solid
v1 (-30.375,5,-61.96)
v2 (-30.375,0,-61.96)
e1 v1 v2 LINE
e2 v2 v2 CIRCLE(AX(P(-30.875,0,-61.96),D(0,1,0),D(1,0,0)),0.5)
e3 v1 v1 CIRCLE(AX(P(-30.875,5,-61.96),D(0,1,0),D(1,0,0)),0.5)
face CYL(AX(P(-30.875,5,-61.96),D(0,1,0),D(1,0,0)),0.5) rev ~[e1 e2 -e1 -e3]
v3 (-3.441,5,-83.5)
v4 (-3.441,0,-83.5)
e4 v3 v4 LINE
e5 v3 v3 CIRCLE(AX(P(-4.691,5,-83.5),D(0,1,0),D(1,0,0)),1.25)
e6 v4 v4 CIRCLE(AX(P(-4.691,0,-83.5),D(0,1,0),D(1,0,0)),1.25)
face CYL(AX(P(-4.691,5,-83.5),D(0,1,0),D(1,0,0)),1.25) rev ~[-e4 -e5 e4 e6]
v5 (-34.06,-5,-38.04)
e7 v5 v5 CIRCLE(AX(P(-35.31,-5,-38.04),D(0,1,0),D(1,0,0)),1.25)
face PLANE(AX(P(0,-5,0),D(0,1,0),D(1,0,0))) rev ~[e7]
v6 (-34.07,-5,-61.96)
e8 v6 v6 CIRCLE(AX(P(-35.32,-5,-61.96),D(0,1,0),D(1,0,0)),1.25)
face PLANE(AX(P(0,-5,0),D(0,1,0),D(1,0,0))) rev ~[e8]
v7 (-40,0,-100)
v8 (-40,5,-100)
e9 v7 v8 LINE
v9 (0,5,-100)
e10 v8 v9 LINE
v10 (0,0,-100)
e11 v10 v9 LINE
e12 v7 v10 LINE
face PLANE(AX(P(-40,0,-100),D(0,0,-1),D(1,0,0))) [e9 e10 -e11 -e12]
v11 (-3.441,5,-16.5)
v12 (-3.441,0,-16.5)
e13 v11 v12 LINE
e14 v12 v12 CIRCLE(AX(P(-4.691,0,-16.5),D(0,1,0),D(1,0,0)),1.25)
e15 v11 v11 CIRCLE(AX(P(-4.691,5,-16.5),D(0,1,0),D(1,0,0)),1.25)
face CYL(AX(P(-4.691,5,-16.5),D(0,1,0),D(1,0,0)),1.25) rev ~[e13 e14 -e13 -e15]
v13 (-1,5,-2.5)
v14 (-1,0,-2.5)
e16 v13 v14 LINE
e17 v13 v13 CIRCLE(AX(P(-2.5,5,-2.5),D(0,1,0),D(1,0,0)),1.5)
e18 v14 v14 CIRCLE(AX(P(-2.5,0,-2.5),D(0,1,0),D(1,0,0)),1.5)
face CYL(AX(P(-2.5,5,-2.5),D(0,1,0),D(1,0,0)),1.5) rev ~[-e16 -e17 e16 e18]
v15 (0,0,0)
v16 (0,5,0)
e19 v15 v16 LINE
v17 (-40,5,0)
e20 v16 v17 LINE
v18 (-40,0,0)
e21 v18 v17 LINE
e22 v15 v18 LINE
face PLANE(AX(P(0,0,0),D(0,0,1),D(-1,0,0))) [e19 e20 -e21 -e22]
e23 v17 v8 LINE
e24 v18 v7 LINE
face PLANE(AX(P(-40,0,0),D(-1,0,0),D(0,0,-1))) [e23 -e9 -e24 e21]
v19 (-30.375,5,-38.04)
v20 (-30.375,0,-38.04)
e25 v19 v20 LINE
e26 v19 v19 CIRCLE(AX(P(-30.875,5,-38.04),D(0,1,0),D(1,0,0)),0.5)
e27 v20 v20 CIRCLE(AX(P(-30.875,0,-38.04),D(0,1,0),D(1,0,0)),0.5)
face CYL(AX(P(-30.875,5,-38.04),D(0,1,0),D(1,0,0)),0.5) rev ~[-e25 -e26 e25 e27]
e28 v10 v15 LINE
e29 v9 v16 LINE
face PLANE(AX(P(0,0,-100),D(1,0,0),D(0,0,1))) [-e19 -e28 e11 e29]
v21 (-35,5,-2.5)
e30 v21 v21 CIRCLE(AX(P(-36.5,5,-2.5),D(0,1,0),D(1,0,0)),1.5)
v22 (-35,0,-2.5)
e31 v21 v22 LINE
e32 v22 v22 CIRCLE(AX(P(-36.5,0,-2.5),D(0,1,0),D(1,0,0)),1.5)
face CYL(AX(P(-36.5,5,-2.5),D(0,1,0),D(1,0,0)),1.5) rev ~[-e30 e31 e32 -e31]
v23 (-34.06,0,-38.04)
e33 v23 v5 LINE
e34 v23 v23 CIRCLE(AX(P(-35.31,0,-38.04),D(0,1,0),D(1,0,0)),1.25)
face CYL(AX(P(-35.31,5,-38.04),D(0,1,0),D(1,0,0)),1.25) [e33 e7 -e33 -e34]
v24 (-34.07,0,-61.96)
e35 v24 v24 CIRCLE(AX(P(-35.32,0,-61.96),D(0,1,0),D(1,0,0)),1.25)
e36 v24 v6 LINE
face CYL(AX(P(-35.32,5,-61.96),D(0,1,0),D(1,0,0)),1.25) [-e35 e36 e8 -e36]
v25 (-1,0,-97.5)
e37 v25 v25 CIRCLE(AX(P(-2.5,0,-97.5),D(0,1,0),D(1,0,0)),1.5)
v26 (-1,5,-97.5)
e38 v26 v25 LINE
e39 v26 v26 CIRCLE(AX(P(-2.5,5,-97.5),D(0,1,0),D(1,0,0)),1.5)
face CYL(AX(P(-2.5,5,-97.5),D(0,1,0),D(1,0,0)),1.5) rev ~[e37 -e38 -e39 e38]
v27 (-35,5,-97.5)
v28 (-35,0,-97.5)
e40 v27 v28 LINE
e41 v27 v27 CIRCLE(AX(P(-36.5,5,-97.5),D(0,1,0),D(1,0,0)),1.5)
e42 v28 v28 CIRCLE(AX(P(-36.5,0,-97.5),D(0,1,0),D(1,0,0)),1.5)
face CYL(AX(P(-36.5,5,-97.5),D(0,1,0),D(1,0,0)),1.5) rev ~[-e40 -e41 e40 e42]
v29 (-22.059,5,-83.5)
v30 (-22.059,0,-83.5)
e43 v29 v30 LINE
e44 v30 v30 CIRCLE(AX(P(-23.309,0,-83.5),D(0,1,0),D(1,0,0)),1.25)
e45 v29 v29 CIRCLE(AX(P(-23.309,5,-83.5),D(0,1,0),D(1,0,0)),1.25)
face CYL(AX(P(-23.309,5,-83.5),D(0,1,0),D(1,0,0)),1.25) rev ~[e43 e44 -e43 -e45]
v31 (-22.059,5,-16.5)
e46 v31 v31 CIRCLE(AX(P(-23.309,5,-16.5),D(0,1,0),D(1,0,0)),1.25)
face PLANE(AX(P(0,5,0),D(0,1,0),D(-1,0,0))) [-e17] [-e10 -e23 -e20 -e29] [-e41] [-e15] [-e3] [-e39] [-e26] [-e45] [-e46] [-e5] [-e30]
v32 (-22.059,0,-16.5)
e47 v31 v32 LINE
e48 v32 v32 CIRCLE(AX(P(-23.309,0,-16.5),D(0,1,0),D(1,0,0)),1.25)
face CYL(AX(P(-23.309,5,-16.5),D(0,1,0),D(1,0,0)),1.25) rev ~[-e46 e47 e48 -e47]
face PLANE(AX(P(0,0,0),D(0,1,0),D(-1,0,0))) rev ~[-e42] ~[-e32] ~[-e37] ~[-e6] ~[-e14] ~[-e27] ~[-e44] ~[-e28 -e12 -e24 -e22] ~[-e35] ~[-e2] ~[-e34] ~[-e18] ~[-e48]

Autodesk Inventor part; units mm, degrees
ref_plane "YZ Plane" through (0, 0, 0) normal (1, 0, 0) x (0, 1, 0)
ref_plane "XZ Plane" through (0, 0, 0) normal (0, 1, 0) x (-1, 0, 0)
ref_plane "XY Plane" through (0, 0, 0) normal (0, 0, 1) x (1, 0, 0)
sketch "Boceto1" plane through (0, 0, 0) normal (0, 1, 0) x (-1, 0, 0)
  line L0 (0, 0) -> (40, 0)
  line L1 (40, 0) -> (40, -100)
  line L2 (40, -100) -> (0, -100)
  line L3 (0, -100) -> (0, 0)
  circle A0 centre (19.95, -16.5) radius 1.5
  circle A1 centre (4, -16.5) radius 1.5
  circle A2 centre (19.95, -83.5) radius 1.5
  circle A3 centre (4, -83.5) radius 1.5
  point P0 (20, 0)
  dimension "d0" = 40
  dimension "d1" = 100
  dimension "d2" = 3
  dimension "d3" = 3
  dimension "d4" = 3
  dimension "d5" = 3
  dimension "d6" = 16.5
  dimension "d7" = 4
  dimension "d8" = 15.95
  dimension "d9" = 16.5
  dimension "d10" = 16.5
  dimension "d11" = 16.5
  dimension "d12" = 4
  dimension "d13" = 15.95
extrude "Extrusión1" add sketch "Boceto1" along normal blind 5
sketch "Boceto2" plane through (0, 5, 0) normal (0, 1, 0) x (1, 0, 0)
  circle A0 centre (-2.5, 2.5) radius 1.5
  line L0 (0, 0) -> (0, 100) projected
  line L1 (-40, 0) -> (0, 0) projected
  circle A1 centre (-2.5, 97.5) radius 1.5
  line L2 (0, 100) -> (-40, 100) projected
  dimension "d16" = 3
  dimension "d17" = 2.5
  dimension "d18" = 2.5
  dimension "d19" = 3
  dimension "d20" = 2.5
  dimension "d21" = 2.5
extrude "Extrusión2" cut sketch "Boceto2" against normal blind 5
sketch "Boceto3" plane through (0, 5, 0) normal (0, 1, 0) x (1, 0, 0)
  line L0 (-40, 0) -> (0, 0) projected
  line L1 (-14.618, 24) -> (-8, 24)
  line L2 (-8, 24) -> (-8, 9)
  line L3 (-8, 9) -> (-14.618, 9)
  line L4 (-14.618, 9) -> (-14.618, 24)
  line L5 (0, 0) -> (0, 100) projected
  line L6 (-14.618, 91) -> (-8, 91)
  line L7 (-8, 91) -> (-8, 76)
  line L8 (-8, 76) -> (-14.618, 76)
  line L9 (-14.618, 76) -> (-14.618, 91)
  line L10 (0, 100) -> (-40, 100) projected
  dimension "d33" = 15
  dimension "d34" = 6.618
  dimension "d35" = 9
  dimension "d36" = 8
  dimension "d37" = 15
  dimension "d38" = 6.618
  dimension "d39" = 8
  dimension "d40" = 9
sketch "Boceto4" plane through (0, 5, 0) normal (0, 1, 0) x (1, 0, 0)
  point P0 (0, 0)
extrude "Extrusión3" cut sketch "Boceto3" against normal blind 0.5
sketch "Boceto5" plane through (0, 5, 0) normal (0, 1, 0) x (1, 0, 0)
  circle A0 centre (-19.95, 16.5) radius 1.5 projected
  circle A1 centre (-19.95, 16.5) radius 1.5
  circle A2 centre (-4, 16.5) radius 1.5 projected
  circle A3 centre (-4, 16.5) radius 1.5
  circle A4 centre (-19.95, 83.5) radius 1.5 projected
  circle A5 centre (-19.95, 83.5) radius 1.5
  circle A6 centre (-4, 83.5) radius 1.5 projected
  circle A7 centre (-4, 83.5) radius 1.5
  point P0 (0, 0)
extrude "Extrusión4" add sketch "Boceto5" against normal blind 5
sketch "Boceto6" plane through (0, 5, 0) normal (0, 1, 0) x (1, 0, 0)
  line L0 (-8, 24) -> (-8, 9) projected
  line L1 (-8, 9) -> (-8, 16.5)
  line L2 (-8, 16.5) -> (-8, 19.5)
  line L3 (-14.618, 9) -> (-14.618, 24) projected
  line L4 (-14.618, 9) -> (-14.618, 16.5)
  circle A0 centre (-4, 16.5) radius 1.25
  circle A1 centre (-18.618, 16.5) radius 1.25
  circle A2 centre (-4, 83.5) radius 1.25
  circle A3 centre (-18.618, 83.5) radius 1.25
  line L5 (-8, 91) -> (-8, 76) projected
  line L6 (-14.618, 76) -> (-14.618, 91) projected
  line L7 (-14.618, 91) -> (-8, 91) projected
  point P0 (0, 0)
  dimension "d45" = 7.5
  dimension "d49" = 2.5
  dimension "d50" = 2.5
  dimension "d51" = 4
  dimension "d52" = 4
  dimension "d53" = 2.5
  dimension "d54" = 2.5
  dimension "d55" = 4
  dimension "d56" = 4
  dimension "d57" = 7.5
  dimension "d58" = 7.5
extrude "Extrusión5" cut sketch "Boceto6" against normal blind 5
sketch "Boceto7" plane through (0, 5, 0) normal (0, 1, 0) x (1, 0, 0)
  circle A0 centre (-18.618, 16.5) radius 1.25 projected
  circle A1 centre (-18.618, 16.5) radius 1.25
  circle A2 centre (-4, 16.5) radius 1.25 projected
  circle A3 centre (-4, 16.5) radius 1.25
  circle A4 centre (-18.618, 83.5) radius 1.25 projected
  circle A5 centre (-18.618, 83.5) radius 1.25
  circle A6 centre (-4, 83.5) radius 1.25 projected
  circle A7 centre (-4, 83.5) radius 1.25
  point P0 (0, 0)
extrude "Extrusión6" add sketch "Boceto7" against normal blind 5
sketch "Boceto8" plane through (0, 5, 0) normal (0, 1, 0) x (1, 0, 0)
  circle A0 centre (-20.618, 16.5) radius 1.25
  circle A1 centre (-2, 16.5) radius 1.25
  line L0 (-8, 24) -> (-8, 9) projected
  line L1 (-14.618, 9) -> (-14.618, 24) projected
  line L2 (-8, 9) -> (-14.618, 9) projected
  circle A2 centre (-2, 83.5) radius 1.25
  circle A3 centre (-20.618, 83.5) radius 1.25
  line L3 (-14.618, 91) -> (-8, 91) projected
  line L4 (-8, 91) -> (-8, 76) projected
  line L5 (-14.618, 76) -> (-14.618, 91) projected
  point P0 (0, 0)
  point P1 (-8, 83.5)
  dimension "d63" = 2.5
  dimension "d64" = 2.5
  dimension "d65" = 6
  dimension "d66" = 6
  dimension "d67" = 7.5
  dimension "d68" = 7.5
  dimension "d69" = 2.5
  dimension "d70" = 2.5
  dimension "d71" = 7.5
  dimension "d72" = 7.5
  dimension "d73" = 6
  dimension "d74" = 6
extrude "Extrusión7" cut sketch "Boceto8" against normal blind 6
sketch "Boceto9" plane through (0, 5, 0) normal (0, 1, 0) x (1, 0, 0)
  line L0 (-14.618, 9) -> (-14.618, 24) projected
  line L1 (-8, 24) -> (-8, 9) projected
  line L2 (-14.618, 24) -> (-8, 24)
  line L3 (-8, 24) -> (-8, 9)
  line L4 (-8, 9) -> (-14.618, 9)
  line L5 (-14.618, 9) -> (-14.618, 24)
  line L6 (-14.618, 91) -> (-8, 91) projected
  line L7 (-8, 76) -> (-14.618, 76) projected
  line L8 (-14.618, 91) -> (-8, 91)
  line L9 (-8, 91) -> (-8, 76)
  line L10 (-8, 76) -> (-14.618, 76)
  line L11 (-14.618, 76) -> (-14.618, 91)
  line L12 (-8, 91) -> (-8, 76) projected
  line L13 (-14.618, 91) -> (-8, 91)
  line L14 (-8, 91) -> (-8, 76)
  line L15 (-8, 76) -> (-14.618, 76)
  line L16 (-14.618, 76) -> (-14.618, 91)
  line L17 (-14.618, 24) -> (-8, 24)
  line L18 (-8, 24) -> (-8, 9)
  line L19 (-8, 9) -> (-14.618, 9)
  line L20 (-14.618, 9) -> (-14.618, 24)
  point P0 (0, 0)
extrude "Extrusión8" add sketch "Boceto9" against normal blind 0.5
sketch "Boceto10" plane through (0, 5, 0) normal (0, 1, 0) x (1, 0, 0)
  circle A0 centre (-2, 16.5) radius 1.25 projected
  circle A1 centre (-2, 16.5) radius 1.25
  circle A2 centre (-4.691, 16.5) radius 1.25
  circle A3 centre (-23.309, 16.5) radius 1.25
  circle A4 centre (-20.618, 16.5) radius 1.25 projected
  circle A5 centre (-4.691, 83.5) radius 1.25
  circle A6 centre (-23.309, 83.5) radius 1.25
  circle A7 centre (-2, 83.5) radius 1.25 projected
  circle A8 centre (-20.618, 83.5) radius 1.25 projected
  point P0 (0, 0)
  dimension "d79" = 2.5
  dimension "d80" = 2.691
  dimension "d81" = 2.5
  dimension "d82" = 2.691
  dimension "d83" = 2.5
  dimension "d84" = 2.5
  dimension "d85" = 2.691
  dimension "d86" = 2.691
extrude "Extrusión9" cut sketch "Boceto10" against normal blind 5 contours A2 | A3 | A5 | A6
sketch "Boceto11" plane through (0, 5, 0) normal (0, 1, 0) x (1, 0, 0)
  circle A0 centre (-20.618, 16.5) radius 1.25 projected
  circle A1 centre (-20.618, 16.5) radius 1.25
  circle A2 centre (-2, 16.5) radius 1.25 projected
  circle A3 centre (-2, 16.5) radius 1.25
  circle A4 centre (-20.618, 83.5) radius 1.25 projected
  circle A5 centre (-20.618, 83.5) radius 1.25
  circle A6 centre (-2, 83.5) radius 1.25 projected
  circle A7 centre (-2, 83.5) radius 1.25
  point P0 (0, 0)
extrude "Extrusión10" add sketch "Boceto11" against normal blind 5
sketch "Boceto12" plane through (0, 5, 0) normal (0, 1, 0) x (1, 0, 0)
  circle A0 centre (-36.5, 2.5) radius 1.5
  circle A1 centre (-2.5, 2.5) radius 1.5 projected
  circle A2 centre (-36.5, 97.5) radius 1.5
  circle A3 centre (-2.5, 97.5) radius 1.5 projected
  point P0 (0, 0)
  dimension "d91" = 3
  dimension "d92" = 34
  dimension "d93" = 3
  dimension "d94" = 34
extrude "Extrusión11" cut sketch "Boceto12" against normal blind 10 contours A0 | A2
sketch "Boceto13" plane through (0, 5, 0) normal (0, 1, 0) x (1, 0, 0)
  circle A0 centre (-35.31, 38.04) radius 1.25
  circle A1 centre (-35.32, 61.96) radius 1.25
  line L0 (-40, 100) -> (-40, 0) projected
  line L1 (-40, 0) -> (0, 0) projected
  dimension "d97" = 2.5
  dimension "d98" = 2.5
  dimension "d99" = 23.92
  dimension "d100" = 4.68
  dimension "d101" = 4.69
  dimension "d102" = 38.04
extrude "Extrusión12" cut sketch "Boceto13" against normal blind 10
sketch "Boceto14" plane through (0, 5, 0) normal (0, 1, 0) x (1, 0, 0)
  circle A0 centre (-30.875, 61.96) radius 0.5
  line L0 (-40, 100) -> (-40, 0) projected
  line L1 (0, 100) -> (-40, 100) projected
  circle A1 centre (-30.875, 38.04) radius 0.5
  line L2 (-40, 0) -> (0, 0) projected
  dimension "d105" = 1
  dimension "d106" = 9.125
  dimension "d107" = 38.04
  dimension "d108" = 1
  dimension "d109" = 9.125
  dimension "d110" = 38.04
extrude "Extrusión13" cut sketch "Boceto14" against normal blind 10
sketch "Boceto15" plane through (0, 5, 0) normal (0, 1, 0) x (1, 0, 0)
  circle A0 centre (-35.31, 38.04) radius 1.25 projected
  circle A1 centre (-35.31, 38.04) radius 1.25
  circle A2 centre (-35.32, 61.96) radius 1.25 projected
  circle A3 centre (-35.32, 61.96) radius 1.25
  point P0 (0, 0)
extrude "Extrusión14" add sketch "Boceto15" against normal blind 10
equation "\"d75\" = d73"
properties part number "Base"
